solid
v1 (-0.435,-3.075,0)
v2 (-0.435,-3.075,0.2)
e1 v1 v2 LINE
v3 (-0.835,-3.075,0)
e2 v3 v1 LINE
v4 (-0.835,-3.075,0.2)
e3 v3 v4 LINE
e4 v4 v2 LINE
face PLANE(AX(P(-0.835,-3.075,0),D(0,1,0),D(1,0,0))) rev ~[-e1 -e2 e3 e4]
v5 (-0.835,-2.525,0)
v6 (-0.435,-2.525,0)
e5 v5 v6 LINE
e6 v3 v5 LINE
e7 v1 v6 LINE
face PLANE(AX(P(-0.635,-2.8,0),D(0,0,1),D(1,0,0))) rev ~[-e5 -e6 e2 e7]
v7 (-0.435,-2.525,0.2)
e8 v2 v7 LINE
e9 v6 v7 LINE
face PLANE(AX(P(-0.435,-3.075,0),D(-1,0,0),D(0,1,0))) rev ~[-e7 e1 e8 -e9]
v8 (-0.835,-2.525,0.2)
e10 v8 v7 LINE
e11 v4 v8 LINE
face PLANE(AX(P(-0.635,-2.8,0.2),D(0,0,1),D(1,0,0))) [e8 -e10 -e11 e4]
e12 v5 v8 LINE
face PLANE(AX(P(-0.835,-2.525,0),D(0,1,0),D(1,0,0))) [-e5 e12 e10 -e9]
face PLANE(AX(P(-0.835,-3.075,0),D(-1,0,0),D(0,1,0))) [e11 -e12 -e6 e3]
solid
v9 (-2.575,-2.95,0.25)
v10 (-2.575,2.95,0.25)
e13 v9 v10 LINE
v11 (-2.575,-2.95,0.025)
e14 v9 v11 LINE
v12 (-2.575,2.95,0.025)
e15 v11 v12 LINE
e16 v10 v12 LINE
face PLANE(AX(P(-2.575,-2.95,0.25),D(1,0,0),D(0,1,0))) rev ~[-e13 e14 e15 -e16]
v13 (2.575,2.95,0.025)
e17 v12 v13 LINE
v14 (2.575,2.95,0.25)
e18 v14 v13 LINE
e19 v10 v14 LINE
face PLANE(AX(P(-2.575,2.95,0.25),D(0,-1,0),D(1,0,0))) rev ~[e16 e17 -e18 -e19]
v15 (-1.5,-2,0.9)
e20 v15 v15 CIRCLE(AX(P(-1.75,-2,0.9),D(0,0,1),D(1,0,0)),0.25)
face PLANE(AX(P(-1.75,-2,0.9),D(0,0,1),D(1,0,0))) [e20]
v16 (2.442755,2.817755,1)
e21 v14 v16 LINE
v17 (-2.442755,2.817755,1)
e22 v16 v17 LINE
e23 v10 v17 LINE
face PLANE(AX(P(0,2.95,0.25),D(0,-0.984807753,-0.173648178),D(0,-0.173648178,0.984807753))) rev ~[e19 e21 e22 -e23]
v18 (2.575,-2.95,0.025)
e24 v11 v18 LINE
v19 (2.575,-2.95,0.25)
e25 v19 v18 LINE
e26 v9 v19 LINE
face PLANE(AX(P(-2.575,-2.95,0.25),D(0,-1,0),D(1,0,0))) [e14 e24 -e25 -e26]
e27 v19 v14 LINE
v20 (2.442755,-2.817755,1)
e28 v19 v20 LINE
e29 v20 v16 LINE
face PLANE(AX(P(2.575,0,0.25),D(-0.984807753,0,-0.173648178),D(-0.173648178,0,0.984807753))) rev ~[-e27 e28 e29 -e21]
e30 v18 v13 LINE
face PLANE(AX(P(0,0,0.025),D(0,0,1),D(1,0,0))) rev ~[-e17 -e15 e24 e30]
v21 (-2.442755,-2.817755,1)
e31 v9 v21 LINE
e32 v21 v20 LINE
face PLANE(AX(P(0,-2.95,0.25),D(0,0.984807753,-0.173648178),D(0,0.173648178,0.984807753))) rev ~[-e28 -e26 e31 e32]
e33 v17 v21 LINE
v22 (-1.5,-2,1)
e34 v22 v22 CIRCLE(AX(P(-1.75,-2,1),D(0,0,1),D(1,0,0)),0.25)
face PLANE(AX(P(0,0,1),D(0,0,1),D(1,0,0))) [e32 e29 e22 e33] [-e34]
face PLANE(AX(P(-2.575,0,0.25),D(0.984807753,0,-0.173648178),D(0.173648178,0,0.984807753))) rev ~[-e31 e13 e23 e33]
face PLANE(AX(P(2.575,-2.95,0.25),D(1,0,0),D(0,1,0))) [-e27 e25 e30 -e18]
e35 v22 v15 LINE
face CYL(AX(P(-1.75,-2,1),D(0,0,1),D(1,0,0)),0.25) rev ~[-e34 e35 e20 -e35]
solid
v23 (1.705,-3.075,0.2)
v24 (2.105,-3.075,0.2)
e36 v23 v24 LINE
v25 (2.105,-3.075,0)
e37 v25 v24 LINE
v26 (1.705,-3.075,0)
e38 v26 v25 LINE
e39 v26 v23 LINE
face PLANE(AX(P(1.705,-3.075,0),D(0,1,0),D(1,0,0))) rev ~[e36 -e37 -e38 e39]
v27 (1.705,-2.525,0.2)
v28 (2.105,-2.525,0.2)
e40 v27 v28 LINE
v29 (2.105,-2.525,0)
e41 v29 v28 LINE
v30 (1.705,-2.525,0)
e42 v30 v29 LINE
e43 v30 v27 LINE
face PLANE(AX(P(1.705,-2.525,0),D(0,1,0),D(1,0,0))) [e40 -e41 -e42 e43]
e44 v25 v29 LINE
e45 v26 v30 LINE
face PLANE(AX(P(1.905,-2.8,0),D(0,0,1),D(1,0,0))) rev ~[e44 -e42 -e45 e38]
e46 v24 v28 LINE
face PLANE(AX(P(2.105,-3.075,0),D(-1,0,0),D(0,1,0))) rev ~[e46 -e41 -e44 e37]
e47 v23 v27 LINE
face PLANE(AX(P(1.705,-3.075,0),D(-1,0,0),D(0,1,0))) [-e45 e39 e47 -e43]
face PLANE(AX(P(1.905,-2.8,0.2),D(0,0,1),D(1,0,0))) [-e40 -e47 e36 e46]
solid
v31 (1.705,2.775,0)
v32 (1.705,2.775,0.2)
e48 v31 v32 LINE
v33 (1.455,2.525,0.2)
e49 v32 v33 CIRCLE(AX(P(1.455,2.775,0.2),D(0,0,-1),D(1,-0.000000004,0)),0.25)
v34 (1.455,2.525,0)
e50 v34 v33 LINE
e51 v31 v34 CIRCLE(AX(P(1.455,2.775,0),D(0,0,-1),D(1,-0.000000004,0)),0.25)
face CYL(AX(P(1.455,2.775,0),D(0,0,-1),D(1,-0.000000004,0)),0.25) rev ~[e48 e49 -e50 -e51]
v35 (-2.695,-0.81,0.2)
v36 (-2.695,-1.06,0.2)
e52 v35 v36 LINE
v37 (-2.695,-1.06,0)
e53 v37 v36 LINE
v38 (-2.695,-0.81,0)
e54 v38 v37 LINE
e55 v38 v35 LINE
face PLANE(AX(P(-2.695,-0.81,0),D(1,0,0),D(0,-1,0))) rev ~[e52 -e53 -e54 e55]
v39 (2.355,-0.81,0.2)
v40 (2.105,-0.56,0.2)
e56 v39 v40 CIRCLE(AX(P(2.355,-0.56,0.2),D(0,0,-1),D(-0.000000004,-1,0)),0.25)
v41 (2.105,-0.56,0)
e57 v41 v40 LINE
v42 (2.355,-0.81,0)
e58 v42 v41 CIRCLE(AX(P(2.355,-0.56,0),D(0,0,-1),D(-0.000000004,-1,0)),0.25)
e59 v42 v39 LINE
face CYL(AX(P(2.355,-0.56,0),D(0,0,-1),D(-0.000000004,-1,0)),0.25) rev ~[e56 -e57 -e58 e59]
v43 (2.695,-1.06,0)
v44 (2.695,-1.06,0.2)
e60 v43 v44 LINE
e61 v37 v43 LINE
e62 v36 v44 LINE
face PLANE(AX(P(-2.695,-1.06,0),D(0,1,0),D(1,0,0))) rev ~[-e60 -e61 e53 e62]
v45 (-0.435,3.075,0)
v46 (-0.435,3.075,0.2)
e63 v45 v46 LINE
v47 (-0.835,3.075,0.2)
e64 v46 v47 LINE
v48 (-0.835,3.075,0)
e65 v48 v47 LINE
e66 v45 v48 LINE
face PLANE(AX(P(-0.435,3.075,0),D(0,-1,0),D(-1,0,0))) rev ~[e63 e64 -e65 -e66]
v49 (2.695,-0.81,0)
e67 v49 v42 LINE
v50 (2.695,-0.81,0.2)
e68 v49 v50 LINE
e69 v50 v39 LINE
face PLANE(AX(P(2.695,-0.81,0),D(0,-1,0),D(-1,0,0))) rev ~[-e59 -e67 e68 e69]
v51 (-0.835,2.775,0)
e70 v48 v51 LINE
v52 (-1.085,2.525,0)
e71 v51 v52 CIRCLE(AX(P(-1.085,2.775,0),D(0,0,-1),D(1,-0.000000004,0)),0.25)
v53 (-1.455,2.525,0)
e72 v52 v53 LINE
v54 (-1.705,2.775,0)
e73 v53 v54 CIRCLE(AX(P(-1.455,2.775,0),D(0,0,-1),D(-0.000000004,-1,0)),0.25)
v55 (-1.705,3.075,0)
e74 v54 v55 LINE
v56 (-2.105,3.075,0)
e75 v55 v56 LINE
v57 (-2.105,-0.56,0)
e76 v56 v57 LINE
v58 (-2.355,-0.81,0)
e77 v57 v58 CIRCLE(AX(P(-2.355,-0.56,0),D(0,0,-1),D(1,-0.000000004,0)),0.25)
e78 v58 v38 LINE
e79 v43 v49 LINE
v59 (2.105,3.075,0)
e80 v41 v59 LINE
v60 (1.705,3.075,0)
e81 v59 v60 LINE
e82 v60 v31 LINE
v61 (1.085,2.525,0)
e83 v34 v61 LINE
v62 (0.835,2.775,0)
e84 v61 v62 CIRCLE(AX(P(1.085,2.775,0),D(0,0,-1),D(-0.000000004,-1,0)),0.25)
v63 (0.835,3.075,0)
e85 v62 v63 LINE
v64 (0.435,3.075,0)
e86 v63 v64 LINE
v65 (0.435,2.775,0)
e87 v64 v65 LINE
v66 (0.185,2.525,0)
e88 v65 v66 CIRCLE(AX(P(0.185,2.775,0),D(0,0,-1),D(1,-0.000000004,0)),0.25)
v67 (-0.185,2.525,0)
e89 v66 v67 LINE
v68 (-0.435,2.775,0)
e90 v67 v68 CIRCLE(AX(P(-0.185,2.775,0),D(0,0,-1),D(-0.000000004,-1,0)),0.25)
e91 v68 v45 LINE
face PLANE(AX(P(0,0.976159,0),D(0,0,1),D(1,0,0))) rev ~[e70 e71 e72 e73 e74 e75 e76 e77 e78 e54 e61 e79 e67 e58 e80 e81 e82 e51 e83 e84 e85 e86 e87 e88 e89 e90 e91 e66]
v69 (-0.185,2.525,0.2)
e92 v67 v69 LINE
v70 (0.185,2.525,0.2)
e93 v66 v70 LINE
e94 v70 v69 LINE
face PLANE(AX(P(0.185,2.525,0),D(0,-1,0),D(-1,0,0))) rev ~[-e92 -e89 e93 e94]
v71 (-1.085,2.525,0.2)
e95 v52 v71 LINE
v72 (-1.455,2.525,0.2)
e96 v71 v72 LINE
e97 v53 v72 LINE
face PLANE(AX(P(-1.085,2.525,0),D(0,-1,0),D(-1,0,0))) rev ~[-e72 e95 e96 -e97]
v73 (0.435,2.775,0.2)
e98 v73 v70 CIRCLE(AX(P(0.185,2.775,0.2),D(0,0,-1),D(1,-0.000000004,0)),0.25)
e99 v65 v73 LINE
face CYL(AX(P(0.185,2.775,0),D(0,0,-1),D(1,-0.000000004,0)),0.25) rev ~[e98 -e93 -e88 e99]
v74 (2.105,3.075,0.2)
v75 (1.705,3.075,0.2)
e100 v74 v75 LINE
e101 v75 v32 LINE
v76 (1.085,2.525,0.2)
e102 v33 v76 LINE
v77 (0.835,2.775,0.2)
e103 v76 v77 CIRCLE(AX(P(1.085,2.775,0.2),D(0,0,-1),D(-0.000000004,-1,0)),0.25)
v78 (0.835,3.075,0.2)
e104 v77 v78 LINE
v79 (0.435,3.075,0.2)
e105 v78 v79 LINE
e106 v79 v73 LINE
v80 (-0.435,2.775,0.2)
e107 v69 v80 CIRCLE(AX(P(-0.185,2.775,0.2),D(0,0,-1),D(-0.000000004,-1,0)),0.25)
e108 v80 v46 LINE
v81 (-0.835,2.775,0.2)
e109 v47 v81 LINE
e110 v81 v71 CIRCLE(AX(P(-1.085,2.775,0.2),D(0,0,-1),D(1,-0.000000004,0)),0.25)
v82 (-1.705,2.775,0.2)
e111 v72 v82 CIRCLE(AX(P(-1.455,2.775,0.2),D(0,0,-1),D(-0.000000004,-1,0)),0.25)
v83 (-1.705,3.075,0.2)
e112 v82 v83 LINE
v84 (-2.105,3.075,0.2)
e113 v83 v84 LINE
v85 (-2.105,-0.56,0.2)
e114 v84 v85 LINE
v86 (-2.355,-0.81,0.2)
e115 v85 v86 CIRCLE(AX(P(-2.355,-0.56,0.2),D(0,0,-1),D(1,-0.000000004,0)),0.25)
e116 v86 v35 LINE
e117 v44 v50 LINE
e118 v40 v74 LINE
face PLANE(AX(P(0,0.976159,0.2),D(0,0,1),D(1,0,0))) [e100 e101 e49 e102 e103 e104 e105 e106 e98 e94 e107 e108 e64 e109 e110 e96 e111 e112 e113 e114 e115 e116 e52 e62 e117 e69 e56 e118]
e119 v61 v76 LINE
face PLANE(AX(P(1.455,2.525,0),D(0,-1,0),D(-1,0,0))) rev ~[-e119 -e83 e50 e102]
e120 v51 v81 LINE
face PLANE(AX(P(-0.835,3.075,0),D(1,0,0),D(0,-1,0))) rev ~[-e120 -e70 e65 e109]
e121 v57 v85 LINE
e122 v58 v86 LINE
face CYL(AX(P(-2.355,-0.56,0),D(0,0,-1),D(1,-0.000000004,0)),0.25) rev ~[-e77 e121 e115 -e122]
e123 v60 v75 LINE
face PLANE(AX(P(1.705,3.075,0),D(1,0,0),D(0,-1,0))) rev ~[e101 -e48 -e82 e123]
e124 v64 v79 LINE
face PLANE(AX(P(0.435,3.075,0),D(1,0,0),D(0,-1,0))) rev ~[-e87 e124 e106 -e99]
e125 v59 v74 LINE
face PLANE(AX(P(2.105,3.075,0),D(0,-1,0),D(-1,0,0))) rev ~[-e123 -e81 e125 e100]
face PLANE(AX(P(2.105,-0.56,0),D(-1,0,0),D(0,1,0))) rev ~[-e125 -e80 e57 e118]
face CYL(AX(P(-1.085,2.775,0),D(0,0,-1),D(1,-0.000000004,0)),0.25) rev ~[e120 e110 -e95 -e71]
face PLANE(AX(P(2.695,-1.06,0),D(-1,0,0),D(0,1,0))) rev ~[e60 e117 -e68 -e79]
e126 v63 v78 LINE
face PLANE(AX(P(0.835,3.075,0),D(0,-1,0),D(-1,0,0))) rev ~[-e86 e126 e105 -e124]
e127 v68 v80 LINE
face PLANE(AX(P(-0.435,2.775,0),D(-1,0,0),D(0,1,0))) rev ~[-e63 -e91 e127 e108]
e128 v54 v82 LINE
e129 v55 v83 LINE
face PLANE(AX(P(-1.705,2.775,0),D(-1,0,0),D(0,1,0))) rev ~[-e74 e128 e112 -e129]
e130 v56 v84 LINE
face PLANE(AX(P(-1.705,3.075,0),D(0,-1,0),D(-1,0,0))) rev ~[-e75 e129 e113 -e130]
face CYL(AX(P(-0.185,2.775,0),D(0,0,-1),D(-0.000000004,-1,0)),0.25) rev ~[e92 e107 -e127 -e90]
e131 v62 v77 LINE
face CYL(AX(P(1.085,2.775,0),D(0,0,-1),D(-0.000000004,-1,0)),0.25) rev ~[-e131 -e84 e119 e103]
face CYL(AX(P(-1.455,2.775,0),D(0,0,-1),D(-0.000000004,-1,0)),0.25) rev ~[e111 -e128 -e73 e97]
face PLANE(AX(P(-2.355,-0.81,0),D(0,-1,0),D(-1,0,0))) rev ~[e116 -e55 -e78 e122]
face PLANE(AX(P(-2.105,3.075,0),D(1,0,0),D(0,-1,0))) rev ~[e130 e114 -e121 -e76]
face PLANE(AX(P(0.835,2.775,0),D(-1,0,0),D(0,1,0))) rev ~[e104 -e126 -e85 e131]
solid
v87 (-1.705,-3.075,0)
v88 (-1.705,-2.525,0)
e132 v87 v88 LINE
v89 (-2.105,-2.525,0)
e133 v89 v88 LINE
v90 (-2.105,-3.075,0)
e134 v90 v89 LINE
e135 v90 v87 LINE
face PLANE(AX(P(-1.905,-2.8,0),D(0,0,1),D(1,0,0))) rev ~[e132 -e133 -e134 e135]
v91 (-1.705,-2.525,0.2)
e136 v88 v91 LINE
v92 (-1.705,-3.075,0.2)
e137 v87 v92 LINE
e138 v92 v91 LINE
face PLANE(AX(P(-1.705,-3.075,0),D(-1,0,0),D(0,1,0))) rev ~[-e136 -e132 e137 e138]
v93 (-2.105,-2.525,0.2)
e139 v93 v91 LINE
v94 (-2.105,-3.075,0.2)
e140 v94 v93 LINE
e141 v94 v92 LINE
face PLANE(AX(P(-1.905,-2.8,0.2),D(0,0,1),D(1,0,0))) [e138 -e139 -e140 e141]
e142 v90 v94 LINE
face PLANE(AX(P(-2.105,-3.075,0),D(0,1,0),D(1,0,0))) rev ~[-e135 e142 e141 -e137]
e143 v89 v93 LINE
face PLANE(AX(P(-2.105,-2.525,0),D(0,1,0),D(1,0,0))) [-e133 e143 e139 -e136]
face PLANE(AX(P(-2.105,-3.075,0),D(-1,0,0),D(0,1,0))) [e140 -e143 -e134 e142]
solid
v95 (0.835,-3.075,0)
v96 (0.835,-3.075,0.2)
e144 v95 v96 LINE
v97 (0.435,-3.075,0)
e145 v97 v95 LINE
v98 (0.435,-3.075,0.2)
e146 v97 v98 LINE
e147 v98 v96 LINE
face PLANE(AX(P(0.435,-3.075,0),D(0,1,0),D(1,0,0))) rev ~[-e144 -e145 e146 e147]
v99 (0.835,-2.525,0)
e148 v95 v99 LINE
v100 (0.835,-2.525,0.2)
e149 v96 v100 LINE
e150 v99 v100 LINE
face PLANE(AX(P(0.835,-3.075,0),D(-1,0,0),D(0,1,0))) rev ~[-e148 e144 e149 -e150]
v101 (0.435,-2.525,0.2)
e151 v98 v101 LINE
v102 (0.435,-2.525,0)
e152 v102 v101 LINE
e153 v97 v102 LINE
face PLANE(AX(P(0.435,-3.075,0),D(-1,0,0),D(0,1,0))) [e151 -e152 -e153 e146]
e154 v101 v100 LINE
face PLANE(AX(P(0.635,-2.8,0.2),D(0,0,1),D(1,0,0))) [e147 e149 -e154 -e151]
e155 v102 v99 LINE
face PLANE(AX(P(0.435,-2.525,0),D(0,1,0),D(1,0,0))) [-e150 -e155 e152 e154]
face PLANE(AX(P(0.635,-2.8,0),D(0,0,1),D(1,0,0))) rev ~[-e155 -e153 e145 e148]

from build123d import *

# Parameters (mm, degrees)
PIN_EXTRUDE_DEPTH    = 0.2
ESBO_O1_W            = 0.4
ESBO_O1_H            = 0.55
PIN_EXTRUDE_2_DEPTH  = 0.2
PIN_EXTRUDE_3_DEPTH  = 0.2
PIN_EXTRUDE_4_DEPTH  = 0.2
PIN_EXTRUDE_5_DEPTH  = 0.2
BODY_START           = 0.25
ESBO_O3_W            = 5.15
ESBO_O3_H            = 5.9
BODY_DEPTH           = 0.75
BODY_TAPER           = 10
BODY_OTHER_WAY_DEPTH = 0.225
SKETCH_1_R           = 0.25
CUT_EXTRUDE_1_DEPTH  = 0.1


with BuildPart() as part:
    # Esboço1 → Pin Extrude (new body)
    with BuildSketch(Plane.XY):
        with BuildLine():
            Line((-0.435, 3.075), (-0.835, 3.075))
            Line((-0.835, 3.075), (-0.835, 2.775))
            ThreePointArc((-0.835, 2.775), (-0.908223305, 2.598223305), (-1.085, 2.525))
            Line((-1.085, 2.525), (-1.455, 2.525))
            ThreePointArc((-1.455, 2.525), (-1.631776695, 2.598223305), (-1.705, 2.775))
            Line((-1.705, 2.775), (-1.705, 3.075))
            Line((-1.705, 3.075), (-2.105, 3.075))
            Line((-2.105, 3.075), (-2.105, -0.56))
            ThreePointArc((-2.105, -0.56), (-2.178223305, -0.736776695), (-2.355, -0.81))
            Line((-2.355, -0.81), (-2.695, -0.81))
            Line((-2.695, -0.81), (-2.695, -1.06))
            Line((-2.695, -1.06), (2.695, -1.06))
            Line((2.695, -1.06), (2.695, -0.81))
            Line((2.695, -0.81), (2.355, -0.81))
            ThreePointArc((2.355, -0.81), (2.178223305, -0.736776695), (2.105, -0.56))
            Line((2.105, -0.56), (2.105, 3.075))
            Line((2.105, 3.075), (1.705, 3.075))
            Line((1.705, 3.075), (1.705, 2.775))
            ThreePointArc((1.705, 2.775), (1.631776695, 2.598223305), (1.455, 2.525))
            Line((1.455, 2.525), (1.085, 2.525))
            ThreePointArc((1.085, 2.525), (0.908223305, 2.598223305), (0.835, 2.775))
            Line((0.835, 2.775), (0.835, 3.075))
            Line((0.835, 3.075), (0.435, 3.075))
            Line((0.435, 3.075), (0.435, 2.775))
            ThreePointArc((0.435, 2.775), (0.361776695, 2.598223305), (0.185, 2.525))
            Line((0.185, 2.525), (-0.185, 2.525))
            ThreePointArc((-0.185, 2.525), (-0.361776695, 2.598223305), (-0.435, 2.775))
            Line((-0.435, 2.775), (-0.435, 3.075))
        make_face()
    extrude(amount=PIN_EXTRUDE_DEPTH)


with BuildPart() as body_2:
    # Esboço1 → Pin Extrude 2 (new body)
    with BuildSketch(Plane.XY):
        with Locations((0.635, -2.8)):
            Rectangle(ESBO_O1_W, ESBO_O1_H)
    extrude(amount=PIN_EXTRUDE_2_DEPTH)


with BuildPart() as body_3:
    # Esboço1 → Pin Extrude 3 (new body)
    with BuildSketch(Plane.XY):
        with Locations((1.905, -2.8)):
            Rectangle(ESBO_O1_W, ESBO_O1_H)
    extrude(amount=PIN_EXTRUDE_3_DEPTH)


with BuildPart() as body_4:
    # Esboço1 → Pin Extrude 4 (new body)
    with BuildSketch(Plane.XY):
        with Locations((-1.905, -2.8)):
            Rectangle(ESBO_O1_W, ESBO_O1_H)
    extrude(amount=PIN_EXTRUDE_4_DEPTH)


with BuildPart() as body_5:
    # Esboço1 → Pin Extrude 5 (new body)
    with BuildSketch(Plane.XY):
        with Locations((-0.635, -2.8)):
            Rectangle(ESBO_O1_W, ESBO_O1_H)
    extrude(amount=PIN_EXTRUDE_5_DEPTH)


with BuildPart() as body_6:
    # Esboço3 → Body (new body)
    with BuildSketch(Plane.XY.offset(BODY_START)):
        Rectangle(ESBO_O3_W, ESBO_O3_H)
    extrude(amount=BODY_DEPTH, taper=BODY_TAPER)

    # Esboço3 → Body other way (add)
    with BuildSketch(Plane.XY.offset(BODY_START)):
        Rectangle(ESBO_O3_W, ESBO_O3_H)
    extrude(amount=-BODY_OTHER_WAY_DEPTH)

    # Эскиз1 → Вырез-Вытянуть1 (cut)
    with BuildSketch(Plane.XY.offset(1)):
        with Locations((-1.75, -2)):
            Circle(SKETCH_1_R)
    extrude(amount=-CUT_EXTRUDE_1_DEPTH, mode=Mode.SUBTRACT)


solid = Compound([part.part, body_2.part, body_3.part, body_4.part, body_5.part, body_6.part])
